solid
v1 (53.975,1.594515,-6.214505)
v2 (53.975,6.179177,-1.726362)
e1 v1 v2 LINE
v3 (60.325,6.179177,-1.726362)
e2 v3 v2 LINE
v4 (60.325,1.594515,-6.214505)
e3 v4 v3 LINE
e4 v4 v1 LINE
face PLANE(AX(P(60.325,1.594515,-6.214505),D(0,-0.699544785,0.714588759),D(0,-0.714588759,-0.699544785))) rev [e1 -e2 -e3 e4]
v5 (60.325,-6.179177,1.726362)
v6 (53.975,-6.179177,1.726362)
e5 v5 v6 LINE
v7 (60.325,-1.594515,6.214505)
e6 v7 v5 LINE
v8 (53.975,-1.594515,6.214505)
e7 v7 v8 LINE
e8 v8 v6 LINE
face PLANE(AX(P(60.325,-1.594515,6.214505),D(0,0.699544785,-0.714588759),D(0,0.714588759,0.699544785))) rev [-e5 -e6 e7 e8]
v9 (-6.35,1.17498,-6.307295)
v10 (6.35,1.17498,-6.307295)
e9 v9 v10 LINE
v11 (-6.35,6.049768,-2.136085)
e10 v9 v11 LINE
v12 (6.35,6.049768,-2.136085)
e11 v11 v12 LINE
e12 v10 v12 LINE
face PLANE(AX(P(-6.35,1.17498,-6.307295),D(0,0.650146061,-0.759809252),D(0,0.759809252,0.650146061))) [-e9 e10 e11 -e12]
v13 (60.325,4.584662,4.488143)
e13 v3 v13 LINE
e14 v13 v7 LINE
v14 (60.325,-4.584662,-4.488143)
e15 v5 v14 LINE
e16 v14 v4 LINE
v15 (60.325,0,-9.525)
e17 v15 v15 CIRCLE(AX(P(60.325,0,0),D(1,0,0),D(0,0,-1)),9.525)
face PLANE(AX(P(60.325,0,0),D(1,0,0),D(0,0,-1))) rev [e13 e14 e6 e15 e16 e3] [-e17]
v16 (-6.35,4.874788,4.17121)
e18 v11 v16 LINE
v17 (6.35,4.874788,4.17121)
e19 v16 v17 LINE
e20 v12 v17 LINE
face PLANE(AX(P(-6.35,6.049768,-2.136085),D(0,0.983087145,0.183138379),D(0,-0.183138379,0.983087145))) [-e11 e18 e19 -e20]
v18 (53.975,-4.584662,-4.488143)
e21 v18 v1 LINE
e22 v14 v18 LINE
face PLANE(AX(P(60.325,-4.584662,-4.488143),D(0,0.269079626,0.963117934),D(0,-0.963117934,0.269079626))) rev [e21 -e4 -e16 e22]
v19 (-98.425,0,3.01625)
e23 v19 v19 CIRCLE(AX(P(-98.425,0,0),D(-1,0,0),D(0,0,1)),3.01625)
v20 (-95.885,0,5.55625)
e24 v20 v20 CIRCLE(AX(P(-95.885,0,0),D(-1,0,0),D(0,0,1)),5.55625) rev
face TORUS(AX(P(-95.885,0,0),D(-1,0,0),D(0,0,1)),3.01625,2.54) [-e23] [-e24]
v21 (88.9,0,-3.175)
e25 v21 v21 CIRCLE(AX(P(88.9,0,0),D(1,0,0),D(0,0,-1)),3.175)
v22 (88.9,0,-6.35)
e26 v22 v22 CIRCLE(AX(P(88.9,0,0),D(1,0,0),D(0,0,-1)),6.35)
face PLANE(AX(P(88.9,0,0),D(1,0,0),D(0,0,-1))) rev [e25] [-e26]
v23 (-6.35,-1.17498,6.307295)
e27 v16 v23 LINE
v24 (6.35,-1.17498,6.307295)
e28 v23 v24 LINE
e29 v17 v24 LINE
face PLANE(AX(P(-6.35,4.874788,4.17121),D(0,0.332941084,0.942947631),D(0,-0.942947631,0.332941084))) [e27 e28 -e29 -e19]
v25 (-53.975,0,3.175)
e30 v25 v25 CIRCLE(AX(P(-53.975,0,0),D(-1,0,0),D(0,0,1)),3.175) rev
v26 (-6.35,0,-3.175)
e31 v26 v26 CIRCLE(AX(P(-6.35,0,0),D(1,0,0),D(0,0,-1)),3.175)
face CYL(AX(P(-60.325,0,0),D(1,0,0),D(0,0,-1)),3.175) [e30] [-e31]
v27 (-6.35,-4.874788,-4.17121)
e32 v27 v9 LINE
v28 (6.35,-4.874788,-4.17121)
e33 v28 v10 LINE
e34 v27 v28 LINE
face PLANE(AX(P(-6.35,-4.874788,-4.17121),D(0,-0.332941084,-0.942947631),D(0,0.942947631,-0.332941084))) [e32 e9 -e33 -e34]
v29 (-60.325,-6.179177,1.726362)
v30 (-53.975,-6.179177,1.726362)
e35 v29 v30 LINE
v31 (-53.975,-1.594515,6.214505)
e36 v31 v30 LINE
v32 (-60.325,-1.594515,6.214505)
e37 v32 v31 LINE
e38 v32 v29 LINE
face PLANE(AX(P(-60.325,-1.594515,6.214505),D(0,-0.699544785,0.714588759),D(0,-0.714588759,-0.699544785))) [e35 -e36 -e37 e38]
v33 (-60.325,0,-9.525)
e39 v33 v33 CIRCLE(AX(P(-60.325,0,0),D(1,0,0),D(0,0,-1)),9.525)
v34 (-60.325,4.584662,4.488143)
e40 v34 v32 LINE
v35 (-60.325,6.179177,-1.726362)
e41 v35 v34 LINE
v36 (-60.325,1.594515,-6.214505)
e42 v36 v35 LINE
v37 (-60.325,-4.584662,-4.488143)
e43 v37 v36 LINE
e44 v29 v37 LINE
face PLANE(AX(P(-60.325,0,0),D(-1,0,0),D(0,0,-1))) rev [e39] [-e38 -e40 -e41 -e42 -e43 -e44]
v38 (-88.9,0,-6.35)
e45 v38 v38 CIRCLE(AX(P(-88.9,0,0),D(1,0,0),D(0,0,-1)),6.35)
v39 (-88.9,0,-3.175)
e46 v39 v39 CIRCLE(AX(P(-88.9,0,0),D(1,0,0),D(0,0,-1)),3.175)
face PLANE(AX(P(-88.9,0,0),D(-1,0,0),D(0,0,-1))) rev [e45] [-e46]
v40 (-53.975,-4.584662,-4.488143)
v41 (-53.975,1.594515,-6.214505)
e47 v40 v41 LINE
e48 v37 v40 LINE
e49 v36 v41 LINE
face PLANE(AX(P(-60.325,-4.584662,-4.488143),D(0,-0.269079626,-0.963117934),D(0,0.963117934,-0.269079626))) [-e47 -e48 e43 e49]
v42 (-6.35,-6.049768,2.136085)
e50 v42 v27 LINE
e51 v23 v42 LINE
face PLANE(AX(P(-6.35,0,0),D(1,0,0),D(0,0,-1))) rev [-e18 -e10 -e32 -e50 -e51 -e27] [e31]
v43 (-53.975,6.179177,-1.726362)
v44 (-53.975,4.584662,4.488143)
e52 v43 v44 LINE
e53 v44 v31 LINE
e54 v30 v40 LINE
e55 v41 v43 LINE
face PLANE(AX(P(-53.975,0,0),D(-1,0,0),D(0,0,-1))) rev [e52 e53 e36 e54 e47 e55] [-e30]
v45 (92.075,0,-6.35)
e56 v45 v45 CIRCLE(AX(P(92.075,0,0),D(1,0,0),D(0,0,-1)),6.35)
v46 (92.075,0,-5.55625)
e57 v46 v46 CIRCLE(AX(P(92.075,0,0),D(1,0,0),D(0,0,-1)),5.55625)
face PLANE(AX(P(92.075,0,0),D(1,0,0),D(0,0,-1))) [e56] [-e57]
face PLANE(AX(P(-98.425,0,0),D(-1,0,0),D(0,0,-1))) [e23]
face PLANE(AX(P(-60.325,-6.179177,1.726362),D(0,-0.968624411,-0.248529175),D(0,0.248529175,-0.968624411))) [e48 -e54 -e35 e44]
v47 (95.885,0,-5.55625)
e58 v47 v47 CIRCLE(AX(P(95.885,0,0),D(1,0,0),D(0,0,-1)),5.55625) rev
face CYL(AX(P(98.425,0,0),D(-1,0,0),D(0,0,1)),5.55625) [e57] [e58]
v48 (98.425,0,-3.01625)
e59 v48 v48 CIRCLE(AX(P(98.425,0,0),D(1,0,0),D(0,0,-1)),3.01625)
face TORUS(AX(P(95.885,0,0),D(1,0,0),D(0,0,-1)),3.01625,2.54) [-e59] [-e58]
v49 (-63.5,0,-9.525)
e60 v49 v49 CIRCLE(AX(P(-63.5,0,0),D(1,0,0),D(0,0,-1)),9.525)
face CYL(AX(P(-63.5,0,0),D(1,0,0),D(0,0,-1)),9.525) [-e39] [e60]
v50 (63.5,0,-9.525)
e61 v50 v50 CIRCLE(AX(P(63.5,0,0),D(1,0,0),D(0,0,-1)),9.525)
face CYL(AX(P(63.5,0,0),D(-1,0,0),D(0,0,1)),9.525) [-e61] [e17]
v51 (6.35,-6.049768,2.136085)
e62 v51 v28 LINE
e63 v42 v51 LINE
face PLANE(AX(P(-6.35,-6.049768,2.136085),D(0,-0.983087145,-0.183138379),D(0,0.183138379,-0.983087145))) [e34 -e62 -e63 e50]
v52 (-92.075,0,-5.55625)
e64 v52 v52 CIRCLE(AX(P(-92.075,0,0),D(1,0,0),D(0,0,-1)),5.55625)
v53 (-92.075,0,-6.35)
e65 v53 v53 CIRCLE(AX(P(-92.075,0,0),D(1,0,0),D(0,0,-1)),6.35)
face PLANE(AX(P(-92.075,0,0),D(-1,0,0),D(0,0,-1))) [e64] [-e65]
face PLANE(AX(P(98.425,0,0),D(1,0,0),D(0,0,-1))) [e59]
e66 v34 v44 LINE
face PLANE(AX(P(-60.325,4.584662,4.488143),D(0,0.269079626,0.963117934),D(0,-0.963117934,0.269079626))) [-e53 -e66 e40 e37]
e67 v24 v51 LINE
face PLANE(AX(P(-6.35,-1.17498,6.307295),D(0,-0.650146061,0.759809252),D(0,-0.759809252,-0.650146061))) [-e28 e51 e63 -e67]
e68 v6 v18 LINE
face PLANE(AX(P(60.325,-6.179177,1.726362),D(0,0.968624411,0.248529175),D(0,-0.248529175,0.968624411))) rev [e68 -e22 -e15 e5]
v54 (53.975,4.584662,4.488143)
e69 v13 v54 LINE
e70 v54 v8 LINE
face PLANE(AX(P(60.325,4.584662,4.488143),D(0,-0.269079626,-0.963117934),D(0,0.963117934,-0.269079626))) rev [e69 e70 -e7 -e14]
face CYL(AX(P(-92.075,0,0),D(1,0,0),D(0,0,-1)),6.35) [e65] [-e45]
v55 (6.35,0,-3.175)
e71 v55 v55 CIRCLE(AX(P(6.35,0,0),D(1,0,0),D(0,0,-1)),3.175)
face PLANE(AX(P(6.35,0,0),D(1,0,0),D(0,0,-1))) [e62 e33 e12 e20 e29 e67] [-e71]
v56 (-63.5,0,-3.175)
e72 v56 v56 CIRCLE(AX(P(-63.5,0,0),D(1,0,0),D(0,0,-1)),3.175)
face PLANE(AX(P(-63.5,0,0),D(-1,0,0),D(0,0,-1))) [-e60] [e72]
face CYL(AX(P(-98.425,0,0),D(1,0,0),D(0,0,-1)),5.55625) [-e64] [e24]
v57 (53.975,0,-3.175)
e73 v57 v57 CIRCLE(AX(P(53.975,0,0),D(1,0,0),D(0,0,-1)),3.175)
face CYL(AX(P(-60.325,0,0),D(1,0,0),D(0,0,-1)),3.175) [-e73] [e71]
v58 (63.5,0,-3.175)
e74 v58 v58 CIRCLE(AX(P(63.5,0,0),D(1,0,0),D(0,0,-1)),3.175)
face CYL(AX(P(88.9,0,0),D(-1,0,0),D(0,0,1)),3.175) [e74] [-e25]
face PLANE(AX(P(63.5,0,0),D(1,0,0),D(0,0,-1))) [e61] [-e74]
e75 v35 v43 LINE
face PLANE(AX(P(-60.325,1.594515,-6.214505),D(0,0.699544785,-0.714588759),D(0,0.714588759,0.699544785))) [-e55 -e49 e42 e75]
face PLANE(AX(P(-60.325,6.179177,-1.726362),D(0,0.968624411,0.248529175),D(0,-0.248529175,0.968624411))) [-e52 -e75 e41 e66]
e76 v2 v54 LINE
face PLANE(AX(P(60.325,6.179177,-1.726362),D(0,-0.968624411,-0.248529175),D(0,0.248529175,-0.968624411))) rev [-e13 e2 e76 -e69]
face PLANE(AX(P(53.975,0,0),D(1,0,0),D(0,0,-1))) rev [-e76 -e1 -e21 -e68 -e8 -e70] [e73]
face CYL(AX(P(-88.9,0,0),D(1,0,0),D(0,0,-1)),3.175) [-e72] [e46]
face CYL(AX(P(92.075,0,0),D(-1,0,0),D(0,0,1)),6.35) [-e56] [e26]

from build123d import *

# Parameters (mm, degrees)
BOSS_EXTRUDE1_DEPTH      = 6.35
BOSS_EXTRUDE1_DEPTH_BACK = 6.35
BOSS_EXTRUDE2_DEPTH      = 47.625
BOSS_EXTRUDE2_DEPTH_BACK = 66.675
SKETCH3_R                = 3.175
BOSS_EXTRUDE3_DEPTH      = 6.35
SKETCH5_R                = 9.525
BOSS_EXTRUDE4_DEPTH      = 3.175
SKETCH7_R                = 3.175
BOSS_EXTRUDE5_DEPTH      = 25.4
SKETCH8_R                = 6.35
BOSS_EXTRUDE6_DEPTH      = 3.175
SKETCH9_R                = 5.55625
BOSS_EXTRUDE7_DEPTH      = 6.35
FILLET1_R                = 2.54
FILLET1_OF_MIRROR2_R     = 2.54


with BuildPart() as part:
    # Sketch2 → Boss-Extrude1 (new, two sides: drawn at the far end of the back side and taken through both)
    with BuildSketch(Plane(origin=(0, 0, 0), x_dir=(0, 0, -1), z_dir=(1, 0, 0)).offset(-BOSS_EXTRUDE1_DEPTH_BACK)):
        Polygon((4.171210262, -4.874787896), (6.307295287, 1.174980103), (2.136085025, 6.049767999), (-4.171210262, 4.874787896), (-6.307295287, -1.174980103), (-2.136085025, -6.049767999), align=None)
    extrude(amount=BOSS_EXTRUDE1_DEPTH + BOSS_EXTRUDE1_DEPTH_BACK)

    # Sketch3 → Boss-Extrude2 (add, two sides: drawn at the far end of the back side and taken through both)
    with BuildSketch(Plane(origin=(6.35, 0, 0), x_dir=(0, 0, -1), z_dir=(1, 0, 0)).offset(-BOSS_EXTRUDE2_DEPTH_BACK)):
        Circle(SKETCH3_R)
    extrude(amount=BOSS_EXTRUDE2_DEPTH + BOSS_EXTRUDE2_DEPTH_BACK)

    # Sketch4 → Boss-Extrude3 (add)
    with BuildSketch(Plane(origin=(53.975, 0, 0), x_dir=(0, 0, -1), z_dir=(1, 0, 0))):
        Polygon((4.488142835, -4.584662035), (6.214505208, 1.594514693), (1.726362373, 6.179176728), (-4.488142835, 4.584662035), (-6.214505208, -1.594514693), (-1.726362373, -6.179176728), align=None)
    boss_extrude3 = extrude(amount=BOSS_EXTRUDE3_DEPTH)

    # Sketch5 → Boss-Extrude4 (add)
    with BuildSketch(Plane(origin=(60.325, 0, 0), x_dir=(0, 0, -1), z_dir=(1, 0, 0))):
        Circle(SKETCH5_R)
    boss_extrude4 = extrude(amount=BOSS_EXTRUDE4_DEPTH)

    # Mirror1: Boss-Extrude3, Boss-Extrude4 across plane
    add(boss_extrude3.mirror(Plane(origin=(0, 0, 0), x_dir=(0, 0, 1), z_dir=(1, 0, 0))))
    add(boss_extrude4.mirror(Plane(origin=(0, 0, 0), x_dir=(0, 0, 1), z_dir=(1, 0, 0))))

    # Sketch7 → Boss-Extrude5 (add)
    with BuildSketch(Plane(origin=(63.5, 0, 0), x_dir=(0, 0, -1), z_dir=(1, 0, 0))):
        Circle(SKETCH7_R)
    boss_extrude5 = extrude(amount=BOSS_EXTRUDE5_DEPTH)

    # Sketch8 → Boss-Extrude6 (add)
    with BuildSketch(Plane(origin=(88.9, 0, 0), x_dir=(0, 0, -1), z_dir=(1, 0, 0))):
        Circle(SKETCH8_R)
    boss_extrude6 = extrude(amount=BOSS_EXTRUDE6_DEPTH)

    # Sketch9 → Boss-Extrude7 (add)
    with BuildSketch(Plane(origin=(92.075, 0, 0), x_dir=(0, 0, -1), z_dir=(1, 0, 0))):
        Circle(SKETCH9_R)
    boss_extrude7 = extrude(amount=BOSS_EXTRUDE7_DEPTH)

    # Fillet1
    fillet1_edges = [part.edges().sort_by_distance(p)[0] for p in [
        (98.425, 0, 5.55625),
    ]]
    fillet(fillet1_edges, radius=FILLET1_R)

    # Mirror2: Boss-Extrude5, Boss-Extrude6, Boss-Extrude7 across plane
    add(boss_extrude5.mirror(Plane(origin=(0, 0, 0), x_dir=(0, 0, 1), z_dir=(1, 0, 0))))
    add(boss_extrude6.mirror(Plane(origin=(0, 0, 0), x_dir=(0, 0, 1), z_dir=(1, 0, 0))))
    add(boss_extrude7.mirror(Plane(origin=(0, 0, 0), x_dir=(0, 0, 1), z_dir=(1, 0, 0))))

    # Fillet1 of Mirror2
    fillet1_of_mirror2_edges = [part.edges().sort_by_distance(p)[0] for p in [
        (-98.425, 0, 5.55625),
    ]]
    fillet(fillet1_of_mirror2_edges, radius=FILLET1_OF_MIRROR2_R)


solid = part.part
